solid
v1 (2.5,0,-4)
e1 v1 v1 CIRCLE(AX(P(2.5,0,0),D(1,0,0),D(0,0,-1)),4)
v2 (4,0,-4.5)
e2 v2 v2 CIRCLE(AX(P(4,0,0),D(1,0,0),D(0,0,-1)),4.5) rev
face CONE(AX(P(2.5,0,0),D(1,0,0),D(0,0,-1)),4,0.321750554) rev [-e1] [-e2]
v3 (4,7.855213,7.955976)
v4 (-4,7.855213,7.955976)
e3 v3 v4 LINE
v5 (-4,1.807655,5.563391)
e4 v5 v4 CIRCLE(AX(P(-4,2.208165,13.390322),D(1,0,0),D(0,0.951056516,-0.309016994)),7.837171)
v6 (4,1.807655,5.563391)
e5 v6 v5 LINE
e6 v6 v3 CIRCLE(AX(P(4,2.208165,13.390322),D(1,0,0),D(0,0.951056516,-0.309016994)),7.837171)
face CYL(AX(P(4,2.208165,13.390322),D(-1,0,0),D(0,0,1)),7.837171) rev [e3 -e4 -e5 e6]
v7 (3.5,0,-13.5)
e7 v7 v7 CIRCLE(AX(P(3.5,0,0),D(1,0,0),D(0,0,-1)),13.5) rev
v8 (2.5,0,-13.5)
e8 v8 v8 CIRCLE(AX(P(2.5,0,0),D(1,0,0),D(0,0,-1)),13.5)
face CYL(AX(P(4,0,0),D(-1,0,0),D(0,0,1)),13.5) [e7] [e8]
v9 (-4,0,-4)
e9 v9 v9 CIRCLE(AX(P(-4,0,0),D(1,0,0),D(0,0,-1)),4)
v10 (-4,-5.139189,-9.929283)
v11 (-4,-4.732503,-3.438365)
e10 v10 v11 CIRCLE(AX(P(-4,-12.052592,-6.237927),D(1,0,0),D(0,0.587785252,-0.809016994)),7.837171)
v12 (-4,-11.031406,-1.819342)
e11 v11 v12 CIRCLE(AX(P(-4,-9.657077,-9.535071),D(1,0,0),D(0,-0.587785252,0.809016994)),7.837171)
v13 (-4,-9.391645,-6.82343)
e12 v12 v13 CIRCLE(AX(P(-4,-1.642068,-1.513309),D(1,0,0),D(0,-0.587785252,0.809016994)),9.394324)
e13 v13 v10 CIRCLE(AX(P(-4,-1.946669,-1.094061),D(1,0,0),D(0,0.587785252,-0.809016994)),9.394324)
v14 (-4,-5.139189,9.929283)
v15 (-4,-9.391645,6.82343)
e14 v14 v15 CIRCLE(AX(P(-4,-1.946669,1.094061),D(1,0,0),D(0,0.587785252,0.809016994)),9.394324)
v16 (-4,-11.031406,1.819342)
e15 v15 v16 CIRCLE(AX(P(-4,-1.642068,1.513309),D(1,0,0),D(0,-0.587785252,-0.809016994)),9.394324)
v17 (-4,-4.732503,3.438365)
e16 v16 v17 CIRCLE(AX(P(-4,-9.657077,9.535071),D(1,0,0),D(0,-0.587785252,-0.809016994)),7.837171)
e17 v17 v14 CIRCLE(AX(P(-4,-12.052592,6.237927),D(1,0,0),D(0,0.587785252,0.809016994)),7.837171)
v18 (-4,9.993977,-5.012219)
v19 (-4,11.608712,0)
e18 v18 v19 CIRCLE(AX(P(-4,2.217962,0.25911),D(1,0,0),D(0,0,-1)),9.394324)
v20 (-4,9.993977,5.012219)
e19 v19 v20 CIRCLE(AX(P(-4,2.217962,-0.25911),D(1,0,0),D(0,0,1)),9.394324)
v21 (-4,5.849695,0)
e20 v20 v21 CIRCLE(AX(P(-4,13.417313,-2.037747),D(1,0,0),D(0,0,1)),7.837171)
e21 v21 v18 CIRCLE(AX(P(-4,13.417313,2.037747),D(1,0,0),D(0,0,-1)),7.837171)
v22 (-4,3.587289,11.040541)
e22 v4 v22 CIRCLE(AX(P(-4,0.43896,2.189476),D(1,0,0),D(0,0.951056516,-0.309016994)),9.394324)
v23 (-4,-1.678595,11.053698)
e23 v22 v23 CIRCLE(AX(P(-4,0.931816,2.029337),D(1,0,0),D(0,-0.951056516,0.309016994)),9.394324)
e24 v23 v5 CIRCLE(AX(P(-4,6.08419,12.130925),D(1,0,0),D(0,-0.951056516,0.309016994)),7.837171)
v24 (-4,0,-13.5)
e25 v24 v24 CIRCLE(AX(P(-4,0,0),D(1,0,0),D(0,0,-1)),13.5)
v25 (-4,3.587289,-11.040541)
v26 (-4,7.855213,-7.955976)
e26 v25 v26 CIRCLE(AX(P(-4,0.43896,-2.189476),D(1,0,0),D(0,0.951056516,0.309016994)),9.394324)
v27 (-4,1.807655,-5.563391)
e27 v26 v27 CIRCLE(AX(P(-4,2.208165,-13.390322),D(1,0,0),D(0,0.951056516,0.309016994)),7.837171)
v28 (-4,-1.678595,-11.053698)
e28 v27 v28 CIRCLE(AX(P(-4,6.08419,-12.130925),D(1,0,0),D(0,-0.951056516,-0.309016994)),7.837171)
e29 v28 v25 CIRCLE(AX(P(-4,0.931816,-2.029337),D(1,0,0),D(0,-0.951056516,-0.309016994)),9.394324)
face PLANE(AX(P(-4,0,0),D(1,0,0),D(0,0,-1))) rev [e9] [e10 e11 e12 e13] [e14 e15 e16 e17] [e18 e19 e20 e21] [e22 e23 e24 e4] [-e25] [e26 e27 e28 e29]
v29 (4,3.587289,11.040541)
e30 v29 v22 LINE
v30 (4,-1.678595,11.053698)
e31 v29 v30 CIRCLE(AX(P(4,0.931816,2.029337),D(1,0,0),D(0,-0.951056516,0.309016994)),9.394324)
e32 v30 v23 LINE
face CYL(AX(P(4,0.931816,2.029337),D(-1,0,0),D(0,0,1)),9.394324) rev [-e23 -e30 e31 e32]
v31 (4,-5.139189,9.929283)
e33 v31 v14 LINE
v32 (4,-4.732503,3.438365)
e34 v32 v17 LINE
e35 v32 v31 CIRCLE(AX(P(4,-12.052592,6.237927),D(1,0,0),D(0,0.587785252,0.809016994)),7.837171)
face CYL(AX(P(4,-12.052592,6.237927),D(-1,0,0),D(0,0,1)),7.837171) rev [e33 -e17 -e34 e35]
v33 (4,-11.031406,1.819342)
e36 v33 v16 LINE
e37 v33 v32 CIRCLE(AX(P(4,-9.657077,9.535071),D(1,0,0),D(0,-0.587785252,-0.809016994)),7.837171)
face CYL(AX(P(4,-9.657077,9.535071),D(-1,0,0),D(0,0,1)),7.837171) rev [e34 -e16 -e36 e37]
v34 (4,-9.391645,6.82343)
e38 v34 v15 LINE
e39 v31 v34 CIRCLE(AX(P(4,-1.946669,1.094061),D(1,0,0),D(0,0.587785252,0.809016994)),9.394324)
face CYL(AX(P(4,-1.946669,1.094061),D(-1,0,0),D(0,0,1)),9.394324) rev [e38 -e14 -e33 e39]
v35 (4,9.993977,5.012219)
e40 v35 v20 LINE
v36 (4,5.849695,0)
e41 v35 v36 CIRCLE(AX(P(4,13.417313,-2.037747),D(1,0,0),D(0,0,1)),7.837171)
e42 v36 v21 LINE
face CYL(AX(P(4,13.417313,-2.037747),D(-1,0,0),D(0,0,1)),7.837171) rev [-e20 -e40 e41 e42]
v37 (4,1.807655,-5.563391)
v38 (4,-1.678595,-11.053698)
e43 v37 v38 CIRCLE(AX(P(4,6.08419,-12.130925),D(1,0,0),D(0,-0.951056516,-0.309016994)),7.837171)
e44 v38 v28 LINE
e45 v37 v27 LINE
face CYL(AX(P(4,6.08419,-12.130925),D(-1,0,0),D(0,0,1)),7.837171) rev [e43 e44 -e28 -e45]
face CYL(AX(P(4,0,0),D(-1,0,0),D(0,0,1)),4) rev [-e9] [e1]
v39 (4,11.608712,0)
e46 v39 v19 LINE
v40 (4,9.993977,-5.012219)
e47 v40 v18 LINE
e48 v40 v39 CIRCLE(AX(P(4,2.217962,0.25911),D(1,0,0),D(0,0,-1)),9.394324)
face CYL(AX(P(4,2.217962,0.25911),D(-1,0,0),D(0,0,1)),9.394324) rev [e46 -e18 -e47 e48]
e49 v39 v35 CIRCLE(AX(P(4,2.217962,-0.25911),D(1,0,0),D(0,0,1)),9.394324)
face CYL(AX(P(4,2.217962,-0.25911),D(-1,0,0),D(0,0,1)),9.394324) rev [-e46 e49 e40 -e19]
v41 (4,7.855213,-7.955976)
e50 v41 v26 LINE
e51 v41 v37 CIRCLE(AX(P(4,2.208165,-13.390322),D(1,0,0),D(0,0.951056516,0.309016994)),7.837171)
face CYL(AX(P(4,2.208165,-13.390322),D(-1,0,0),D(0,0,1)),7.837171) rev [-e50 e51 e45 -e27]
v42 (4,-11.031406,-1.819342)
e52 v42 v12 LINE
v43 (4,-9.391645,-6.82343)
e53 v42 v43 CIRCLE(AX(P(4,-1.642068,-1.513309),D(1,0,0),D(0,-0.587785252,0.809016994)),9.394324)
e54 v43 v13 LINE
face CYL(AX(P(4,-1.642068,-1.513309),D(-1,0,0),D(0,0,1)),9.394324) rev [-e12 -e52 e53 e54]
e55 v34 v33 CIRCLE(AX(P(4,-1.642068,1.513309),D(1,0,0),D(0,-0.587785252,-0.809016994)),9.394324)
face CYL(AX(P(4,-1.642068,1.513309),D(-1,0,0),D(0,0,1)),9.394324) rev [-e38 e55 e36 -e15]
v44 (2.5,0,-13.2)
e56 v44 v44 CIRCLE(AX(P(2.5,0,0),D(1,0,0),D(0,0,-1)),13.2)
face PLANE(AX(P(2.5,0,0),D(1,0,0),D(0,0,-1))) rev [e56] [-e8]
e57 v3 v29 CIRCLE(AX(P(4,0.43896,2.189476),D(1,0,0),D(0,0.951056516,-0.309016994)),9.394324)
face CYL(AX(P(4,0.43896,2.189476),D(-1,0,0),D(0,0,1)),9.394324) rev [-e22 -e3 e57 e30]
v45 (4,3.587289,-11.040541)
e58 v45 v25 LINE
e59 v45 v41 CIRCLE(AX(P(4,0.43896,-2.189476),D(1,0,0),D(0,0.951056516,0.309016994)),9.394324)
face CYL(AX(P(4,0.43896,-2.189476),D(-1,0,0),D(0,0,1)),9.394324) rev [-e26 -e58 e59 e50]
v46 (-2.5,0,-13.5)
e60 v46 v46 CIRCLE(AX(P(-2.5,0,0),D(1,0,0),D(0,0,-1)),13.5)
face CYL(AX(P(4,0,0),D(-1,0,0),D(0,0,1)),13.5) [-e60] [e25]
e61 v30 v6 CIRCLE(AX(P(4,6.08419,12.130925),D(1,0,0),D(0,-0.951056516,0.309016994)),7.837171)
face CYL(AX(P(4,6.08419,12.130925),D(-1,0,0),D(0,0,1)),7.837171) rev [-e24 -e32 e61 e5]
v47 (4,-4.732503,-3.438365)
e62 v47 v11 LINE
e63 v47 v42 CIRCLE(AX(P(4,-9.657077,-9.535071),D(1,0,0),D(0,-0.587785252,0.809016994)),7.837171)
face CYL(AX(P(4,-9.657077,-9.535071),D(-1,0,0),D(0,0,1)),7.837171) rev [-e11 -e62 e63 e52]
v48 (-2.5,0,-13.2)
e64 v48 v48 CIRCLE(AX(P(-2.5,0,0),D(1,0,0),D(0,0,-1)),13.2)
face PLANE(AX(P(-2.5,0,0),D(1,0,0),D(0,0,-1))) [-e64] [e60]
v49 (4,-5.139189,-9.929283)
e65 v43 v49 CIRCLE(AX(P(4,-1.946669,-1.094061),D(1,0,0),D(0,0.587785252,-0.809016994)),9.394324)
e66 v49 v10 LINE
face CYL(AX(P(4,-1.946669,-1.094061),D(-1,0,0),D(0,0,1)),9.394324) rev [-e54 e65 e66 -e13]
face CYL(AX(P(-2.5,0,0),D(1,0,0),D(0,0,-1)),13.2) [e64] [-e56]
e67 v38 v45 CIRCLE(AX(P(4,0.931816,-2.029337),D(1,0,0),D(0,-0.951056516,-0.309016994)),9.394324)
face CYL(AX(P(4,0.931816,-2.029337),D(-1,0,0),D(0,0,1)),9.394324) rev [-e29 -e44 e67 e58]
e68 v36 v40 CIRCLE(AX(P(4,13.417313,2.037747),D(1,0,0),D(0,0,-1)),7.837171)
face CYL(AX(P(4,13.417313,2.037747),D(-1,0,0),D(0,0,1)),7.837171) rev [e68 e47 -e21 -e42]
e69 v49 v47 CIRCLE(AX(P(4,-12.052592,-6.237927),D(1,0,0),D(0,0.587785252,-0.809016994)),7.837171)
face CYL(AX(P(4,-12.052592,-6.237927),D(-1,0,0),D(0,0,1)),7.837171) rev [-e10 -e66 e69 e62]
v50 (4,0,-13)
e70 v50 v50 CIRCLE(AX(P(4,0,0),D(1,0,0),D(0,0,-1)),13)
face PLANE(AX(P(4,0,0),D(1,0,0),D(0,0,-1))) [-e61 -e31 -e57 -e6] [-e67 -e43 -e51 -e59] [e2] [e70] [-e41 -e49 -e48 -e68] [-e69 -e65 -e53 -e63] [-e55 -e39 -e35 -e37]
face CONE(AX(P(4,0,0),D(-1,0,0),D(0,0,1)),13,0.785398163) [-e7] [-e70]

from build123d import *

# Parameters (mm, degrees)
SKETCH1_R           = 13.5
SKETCH1_R_2         = 4
BOSS_EXTRUDE1_DEPTH = 4
CUT_EXTRUDE1_DEPTH  = 20.506409203
CIRPATTERN1_COUNT   = 5
CHAMFER1_SIZE       = 0.5
SKETCH4_R           = 13.5
SKETCH4_R_2         = 13.2
CUT_EXTRUDE3_DEPTH  = 2.5
CHAMFER2_SIZE       = 0.5
CHAMFER2_SIZE2      = 1.5


with BuildPart() as part:
    # Sketch1 → Boss-Extrude1 (new, symmetric)
    with BuildSketch(Plane(origin=(0, 0, 0), x_dir=(0, 0, -1), z_dir=(1, 0, 0))):
        Circle(SKETCH1_R)
        Circle(SKETCH1_R_2, mode=Mode.SUBTRACT)
    extrude(amount=BOSS_EXTRUDE1_DEPTH, both=True)

    # Sketch2 → Cut-Extrude1 (cut, symmetric)
    with BuildSketch(Plane(origin=(0, 0, 0), x_dir=(0, 0, -1), z_dir=(1, 0, 0))):
        with BuildLine():
            ThreePointArc((0, 5.849695328), (-2.956289657, 7.377375059), (-5.012219469, 9.99397715))
            ThreePointArc((-5.012219469, 9.99397715), (-2.621563936, 11.159720287), (0, 11.6087119))
            ThreePointArc((0, 11.6087119), (2.621563936, 11.159720287), (5.012219469, 9.99397715))
            ThreePointArc((5.012219469, 9.99397715), (2.956289657, 7.377375059), (0, 5.849695328))
        make_face()
    cut_extrude1 = extrude(amount=CUT_EXTRUDE1_DEPTH, both=True, mode=Mode.SUBTRACT)

    # CirPattern1: Cut-Extrude1 ×5 about axis
    cirpattern1_axis = Axis((0, 0, 0), (1, 0, 0))
    for i in range(1, CIRPATTERN1_COUNT):
        add(cut_extrude1.rotate(cirpattern1_axis, i * 360 / CIRPATTERN1_COUNT), mode=Mode.SUBTRACT)

    # Chamfer1
    chamfer1_edges = [part.edges().sort_by_distance(p)[0] for p in [
        (4, 0, 13.5),
    ]]
    chamfer(chamfer1_edges, length=CHAMFER1_SIZE)

    # Sketch4 → Cut-Extrude3 (cut, symmetric)
    with BuildSketch(Plane(origin=(0, 0, 0), x_dir=(0, 0, -1), z_dir=(1, 0, 0))):
        Circle(SKETCH4_R)
        Circle(SKETCH4_R_2, mode=Mode.SUBTRACT)
    extrude(amount=CUT_EXTRUDE3_DEPTH, both=True, mode=Mode.SUBTRACT)

    # Chamfer2
    chamfer2_edges = [part.edges().sort_by_distance(p)[0] for p in [
        (4, 0, 4),
    ]]
    chamfer2_side = [part.faces().sort_by_distance(p)[0] for p in [
        (4, 0, 12.632304474),
    ]]
    chamfer(chamfer2_edges, length=CHAMFER2_SIZE, length2=CHAMFER2_SIZE2, reference=chamfer2_side[0])


solid = part.part
